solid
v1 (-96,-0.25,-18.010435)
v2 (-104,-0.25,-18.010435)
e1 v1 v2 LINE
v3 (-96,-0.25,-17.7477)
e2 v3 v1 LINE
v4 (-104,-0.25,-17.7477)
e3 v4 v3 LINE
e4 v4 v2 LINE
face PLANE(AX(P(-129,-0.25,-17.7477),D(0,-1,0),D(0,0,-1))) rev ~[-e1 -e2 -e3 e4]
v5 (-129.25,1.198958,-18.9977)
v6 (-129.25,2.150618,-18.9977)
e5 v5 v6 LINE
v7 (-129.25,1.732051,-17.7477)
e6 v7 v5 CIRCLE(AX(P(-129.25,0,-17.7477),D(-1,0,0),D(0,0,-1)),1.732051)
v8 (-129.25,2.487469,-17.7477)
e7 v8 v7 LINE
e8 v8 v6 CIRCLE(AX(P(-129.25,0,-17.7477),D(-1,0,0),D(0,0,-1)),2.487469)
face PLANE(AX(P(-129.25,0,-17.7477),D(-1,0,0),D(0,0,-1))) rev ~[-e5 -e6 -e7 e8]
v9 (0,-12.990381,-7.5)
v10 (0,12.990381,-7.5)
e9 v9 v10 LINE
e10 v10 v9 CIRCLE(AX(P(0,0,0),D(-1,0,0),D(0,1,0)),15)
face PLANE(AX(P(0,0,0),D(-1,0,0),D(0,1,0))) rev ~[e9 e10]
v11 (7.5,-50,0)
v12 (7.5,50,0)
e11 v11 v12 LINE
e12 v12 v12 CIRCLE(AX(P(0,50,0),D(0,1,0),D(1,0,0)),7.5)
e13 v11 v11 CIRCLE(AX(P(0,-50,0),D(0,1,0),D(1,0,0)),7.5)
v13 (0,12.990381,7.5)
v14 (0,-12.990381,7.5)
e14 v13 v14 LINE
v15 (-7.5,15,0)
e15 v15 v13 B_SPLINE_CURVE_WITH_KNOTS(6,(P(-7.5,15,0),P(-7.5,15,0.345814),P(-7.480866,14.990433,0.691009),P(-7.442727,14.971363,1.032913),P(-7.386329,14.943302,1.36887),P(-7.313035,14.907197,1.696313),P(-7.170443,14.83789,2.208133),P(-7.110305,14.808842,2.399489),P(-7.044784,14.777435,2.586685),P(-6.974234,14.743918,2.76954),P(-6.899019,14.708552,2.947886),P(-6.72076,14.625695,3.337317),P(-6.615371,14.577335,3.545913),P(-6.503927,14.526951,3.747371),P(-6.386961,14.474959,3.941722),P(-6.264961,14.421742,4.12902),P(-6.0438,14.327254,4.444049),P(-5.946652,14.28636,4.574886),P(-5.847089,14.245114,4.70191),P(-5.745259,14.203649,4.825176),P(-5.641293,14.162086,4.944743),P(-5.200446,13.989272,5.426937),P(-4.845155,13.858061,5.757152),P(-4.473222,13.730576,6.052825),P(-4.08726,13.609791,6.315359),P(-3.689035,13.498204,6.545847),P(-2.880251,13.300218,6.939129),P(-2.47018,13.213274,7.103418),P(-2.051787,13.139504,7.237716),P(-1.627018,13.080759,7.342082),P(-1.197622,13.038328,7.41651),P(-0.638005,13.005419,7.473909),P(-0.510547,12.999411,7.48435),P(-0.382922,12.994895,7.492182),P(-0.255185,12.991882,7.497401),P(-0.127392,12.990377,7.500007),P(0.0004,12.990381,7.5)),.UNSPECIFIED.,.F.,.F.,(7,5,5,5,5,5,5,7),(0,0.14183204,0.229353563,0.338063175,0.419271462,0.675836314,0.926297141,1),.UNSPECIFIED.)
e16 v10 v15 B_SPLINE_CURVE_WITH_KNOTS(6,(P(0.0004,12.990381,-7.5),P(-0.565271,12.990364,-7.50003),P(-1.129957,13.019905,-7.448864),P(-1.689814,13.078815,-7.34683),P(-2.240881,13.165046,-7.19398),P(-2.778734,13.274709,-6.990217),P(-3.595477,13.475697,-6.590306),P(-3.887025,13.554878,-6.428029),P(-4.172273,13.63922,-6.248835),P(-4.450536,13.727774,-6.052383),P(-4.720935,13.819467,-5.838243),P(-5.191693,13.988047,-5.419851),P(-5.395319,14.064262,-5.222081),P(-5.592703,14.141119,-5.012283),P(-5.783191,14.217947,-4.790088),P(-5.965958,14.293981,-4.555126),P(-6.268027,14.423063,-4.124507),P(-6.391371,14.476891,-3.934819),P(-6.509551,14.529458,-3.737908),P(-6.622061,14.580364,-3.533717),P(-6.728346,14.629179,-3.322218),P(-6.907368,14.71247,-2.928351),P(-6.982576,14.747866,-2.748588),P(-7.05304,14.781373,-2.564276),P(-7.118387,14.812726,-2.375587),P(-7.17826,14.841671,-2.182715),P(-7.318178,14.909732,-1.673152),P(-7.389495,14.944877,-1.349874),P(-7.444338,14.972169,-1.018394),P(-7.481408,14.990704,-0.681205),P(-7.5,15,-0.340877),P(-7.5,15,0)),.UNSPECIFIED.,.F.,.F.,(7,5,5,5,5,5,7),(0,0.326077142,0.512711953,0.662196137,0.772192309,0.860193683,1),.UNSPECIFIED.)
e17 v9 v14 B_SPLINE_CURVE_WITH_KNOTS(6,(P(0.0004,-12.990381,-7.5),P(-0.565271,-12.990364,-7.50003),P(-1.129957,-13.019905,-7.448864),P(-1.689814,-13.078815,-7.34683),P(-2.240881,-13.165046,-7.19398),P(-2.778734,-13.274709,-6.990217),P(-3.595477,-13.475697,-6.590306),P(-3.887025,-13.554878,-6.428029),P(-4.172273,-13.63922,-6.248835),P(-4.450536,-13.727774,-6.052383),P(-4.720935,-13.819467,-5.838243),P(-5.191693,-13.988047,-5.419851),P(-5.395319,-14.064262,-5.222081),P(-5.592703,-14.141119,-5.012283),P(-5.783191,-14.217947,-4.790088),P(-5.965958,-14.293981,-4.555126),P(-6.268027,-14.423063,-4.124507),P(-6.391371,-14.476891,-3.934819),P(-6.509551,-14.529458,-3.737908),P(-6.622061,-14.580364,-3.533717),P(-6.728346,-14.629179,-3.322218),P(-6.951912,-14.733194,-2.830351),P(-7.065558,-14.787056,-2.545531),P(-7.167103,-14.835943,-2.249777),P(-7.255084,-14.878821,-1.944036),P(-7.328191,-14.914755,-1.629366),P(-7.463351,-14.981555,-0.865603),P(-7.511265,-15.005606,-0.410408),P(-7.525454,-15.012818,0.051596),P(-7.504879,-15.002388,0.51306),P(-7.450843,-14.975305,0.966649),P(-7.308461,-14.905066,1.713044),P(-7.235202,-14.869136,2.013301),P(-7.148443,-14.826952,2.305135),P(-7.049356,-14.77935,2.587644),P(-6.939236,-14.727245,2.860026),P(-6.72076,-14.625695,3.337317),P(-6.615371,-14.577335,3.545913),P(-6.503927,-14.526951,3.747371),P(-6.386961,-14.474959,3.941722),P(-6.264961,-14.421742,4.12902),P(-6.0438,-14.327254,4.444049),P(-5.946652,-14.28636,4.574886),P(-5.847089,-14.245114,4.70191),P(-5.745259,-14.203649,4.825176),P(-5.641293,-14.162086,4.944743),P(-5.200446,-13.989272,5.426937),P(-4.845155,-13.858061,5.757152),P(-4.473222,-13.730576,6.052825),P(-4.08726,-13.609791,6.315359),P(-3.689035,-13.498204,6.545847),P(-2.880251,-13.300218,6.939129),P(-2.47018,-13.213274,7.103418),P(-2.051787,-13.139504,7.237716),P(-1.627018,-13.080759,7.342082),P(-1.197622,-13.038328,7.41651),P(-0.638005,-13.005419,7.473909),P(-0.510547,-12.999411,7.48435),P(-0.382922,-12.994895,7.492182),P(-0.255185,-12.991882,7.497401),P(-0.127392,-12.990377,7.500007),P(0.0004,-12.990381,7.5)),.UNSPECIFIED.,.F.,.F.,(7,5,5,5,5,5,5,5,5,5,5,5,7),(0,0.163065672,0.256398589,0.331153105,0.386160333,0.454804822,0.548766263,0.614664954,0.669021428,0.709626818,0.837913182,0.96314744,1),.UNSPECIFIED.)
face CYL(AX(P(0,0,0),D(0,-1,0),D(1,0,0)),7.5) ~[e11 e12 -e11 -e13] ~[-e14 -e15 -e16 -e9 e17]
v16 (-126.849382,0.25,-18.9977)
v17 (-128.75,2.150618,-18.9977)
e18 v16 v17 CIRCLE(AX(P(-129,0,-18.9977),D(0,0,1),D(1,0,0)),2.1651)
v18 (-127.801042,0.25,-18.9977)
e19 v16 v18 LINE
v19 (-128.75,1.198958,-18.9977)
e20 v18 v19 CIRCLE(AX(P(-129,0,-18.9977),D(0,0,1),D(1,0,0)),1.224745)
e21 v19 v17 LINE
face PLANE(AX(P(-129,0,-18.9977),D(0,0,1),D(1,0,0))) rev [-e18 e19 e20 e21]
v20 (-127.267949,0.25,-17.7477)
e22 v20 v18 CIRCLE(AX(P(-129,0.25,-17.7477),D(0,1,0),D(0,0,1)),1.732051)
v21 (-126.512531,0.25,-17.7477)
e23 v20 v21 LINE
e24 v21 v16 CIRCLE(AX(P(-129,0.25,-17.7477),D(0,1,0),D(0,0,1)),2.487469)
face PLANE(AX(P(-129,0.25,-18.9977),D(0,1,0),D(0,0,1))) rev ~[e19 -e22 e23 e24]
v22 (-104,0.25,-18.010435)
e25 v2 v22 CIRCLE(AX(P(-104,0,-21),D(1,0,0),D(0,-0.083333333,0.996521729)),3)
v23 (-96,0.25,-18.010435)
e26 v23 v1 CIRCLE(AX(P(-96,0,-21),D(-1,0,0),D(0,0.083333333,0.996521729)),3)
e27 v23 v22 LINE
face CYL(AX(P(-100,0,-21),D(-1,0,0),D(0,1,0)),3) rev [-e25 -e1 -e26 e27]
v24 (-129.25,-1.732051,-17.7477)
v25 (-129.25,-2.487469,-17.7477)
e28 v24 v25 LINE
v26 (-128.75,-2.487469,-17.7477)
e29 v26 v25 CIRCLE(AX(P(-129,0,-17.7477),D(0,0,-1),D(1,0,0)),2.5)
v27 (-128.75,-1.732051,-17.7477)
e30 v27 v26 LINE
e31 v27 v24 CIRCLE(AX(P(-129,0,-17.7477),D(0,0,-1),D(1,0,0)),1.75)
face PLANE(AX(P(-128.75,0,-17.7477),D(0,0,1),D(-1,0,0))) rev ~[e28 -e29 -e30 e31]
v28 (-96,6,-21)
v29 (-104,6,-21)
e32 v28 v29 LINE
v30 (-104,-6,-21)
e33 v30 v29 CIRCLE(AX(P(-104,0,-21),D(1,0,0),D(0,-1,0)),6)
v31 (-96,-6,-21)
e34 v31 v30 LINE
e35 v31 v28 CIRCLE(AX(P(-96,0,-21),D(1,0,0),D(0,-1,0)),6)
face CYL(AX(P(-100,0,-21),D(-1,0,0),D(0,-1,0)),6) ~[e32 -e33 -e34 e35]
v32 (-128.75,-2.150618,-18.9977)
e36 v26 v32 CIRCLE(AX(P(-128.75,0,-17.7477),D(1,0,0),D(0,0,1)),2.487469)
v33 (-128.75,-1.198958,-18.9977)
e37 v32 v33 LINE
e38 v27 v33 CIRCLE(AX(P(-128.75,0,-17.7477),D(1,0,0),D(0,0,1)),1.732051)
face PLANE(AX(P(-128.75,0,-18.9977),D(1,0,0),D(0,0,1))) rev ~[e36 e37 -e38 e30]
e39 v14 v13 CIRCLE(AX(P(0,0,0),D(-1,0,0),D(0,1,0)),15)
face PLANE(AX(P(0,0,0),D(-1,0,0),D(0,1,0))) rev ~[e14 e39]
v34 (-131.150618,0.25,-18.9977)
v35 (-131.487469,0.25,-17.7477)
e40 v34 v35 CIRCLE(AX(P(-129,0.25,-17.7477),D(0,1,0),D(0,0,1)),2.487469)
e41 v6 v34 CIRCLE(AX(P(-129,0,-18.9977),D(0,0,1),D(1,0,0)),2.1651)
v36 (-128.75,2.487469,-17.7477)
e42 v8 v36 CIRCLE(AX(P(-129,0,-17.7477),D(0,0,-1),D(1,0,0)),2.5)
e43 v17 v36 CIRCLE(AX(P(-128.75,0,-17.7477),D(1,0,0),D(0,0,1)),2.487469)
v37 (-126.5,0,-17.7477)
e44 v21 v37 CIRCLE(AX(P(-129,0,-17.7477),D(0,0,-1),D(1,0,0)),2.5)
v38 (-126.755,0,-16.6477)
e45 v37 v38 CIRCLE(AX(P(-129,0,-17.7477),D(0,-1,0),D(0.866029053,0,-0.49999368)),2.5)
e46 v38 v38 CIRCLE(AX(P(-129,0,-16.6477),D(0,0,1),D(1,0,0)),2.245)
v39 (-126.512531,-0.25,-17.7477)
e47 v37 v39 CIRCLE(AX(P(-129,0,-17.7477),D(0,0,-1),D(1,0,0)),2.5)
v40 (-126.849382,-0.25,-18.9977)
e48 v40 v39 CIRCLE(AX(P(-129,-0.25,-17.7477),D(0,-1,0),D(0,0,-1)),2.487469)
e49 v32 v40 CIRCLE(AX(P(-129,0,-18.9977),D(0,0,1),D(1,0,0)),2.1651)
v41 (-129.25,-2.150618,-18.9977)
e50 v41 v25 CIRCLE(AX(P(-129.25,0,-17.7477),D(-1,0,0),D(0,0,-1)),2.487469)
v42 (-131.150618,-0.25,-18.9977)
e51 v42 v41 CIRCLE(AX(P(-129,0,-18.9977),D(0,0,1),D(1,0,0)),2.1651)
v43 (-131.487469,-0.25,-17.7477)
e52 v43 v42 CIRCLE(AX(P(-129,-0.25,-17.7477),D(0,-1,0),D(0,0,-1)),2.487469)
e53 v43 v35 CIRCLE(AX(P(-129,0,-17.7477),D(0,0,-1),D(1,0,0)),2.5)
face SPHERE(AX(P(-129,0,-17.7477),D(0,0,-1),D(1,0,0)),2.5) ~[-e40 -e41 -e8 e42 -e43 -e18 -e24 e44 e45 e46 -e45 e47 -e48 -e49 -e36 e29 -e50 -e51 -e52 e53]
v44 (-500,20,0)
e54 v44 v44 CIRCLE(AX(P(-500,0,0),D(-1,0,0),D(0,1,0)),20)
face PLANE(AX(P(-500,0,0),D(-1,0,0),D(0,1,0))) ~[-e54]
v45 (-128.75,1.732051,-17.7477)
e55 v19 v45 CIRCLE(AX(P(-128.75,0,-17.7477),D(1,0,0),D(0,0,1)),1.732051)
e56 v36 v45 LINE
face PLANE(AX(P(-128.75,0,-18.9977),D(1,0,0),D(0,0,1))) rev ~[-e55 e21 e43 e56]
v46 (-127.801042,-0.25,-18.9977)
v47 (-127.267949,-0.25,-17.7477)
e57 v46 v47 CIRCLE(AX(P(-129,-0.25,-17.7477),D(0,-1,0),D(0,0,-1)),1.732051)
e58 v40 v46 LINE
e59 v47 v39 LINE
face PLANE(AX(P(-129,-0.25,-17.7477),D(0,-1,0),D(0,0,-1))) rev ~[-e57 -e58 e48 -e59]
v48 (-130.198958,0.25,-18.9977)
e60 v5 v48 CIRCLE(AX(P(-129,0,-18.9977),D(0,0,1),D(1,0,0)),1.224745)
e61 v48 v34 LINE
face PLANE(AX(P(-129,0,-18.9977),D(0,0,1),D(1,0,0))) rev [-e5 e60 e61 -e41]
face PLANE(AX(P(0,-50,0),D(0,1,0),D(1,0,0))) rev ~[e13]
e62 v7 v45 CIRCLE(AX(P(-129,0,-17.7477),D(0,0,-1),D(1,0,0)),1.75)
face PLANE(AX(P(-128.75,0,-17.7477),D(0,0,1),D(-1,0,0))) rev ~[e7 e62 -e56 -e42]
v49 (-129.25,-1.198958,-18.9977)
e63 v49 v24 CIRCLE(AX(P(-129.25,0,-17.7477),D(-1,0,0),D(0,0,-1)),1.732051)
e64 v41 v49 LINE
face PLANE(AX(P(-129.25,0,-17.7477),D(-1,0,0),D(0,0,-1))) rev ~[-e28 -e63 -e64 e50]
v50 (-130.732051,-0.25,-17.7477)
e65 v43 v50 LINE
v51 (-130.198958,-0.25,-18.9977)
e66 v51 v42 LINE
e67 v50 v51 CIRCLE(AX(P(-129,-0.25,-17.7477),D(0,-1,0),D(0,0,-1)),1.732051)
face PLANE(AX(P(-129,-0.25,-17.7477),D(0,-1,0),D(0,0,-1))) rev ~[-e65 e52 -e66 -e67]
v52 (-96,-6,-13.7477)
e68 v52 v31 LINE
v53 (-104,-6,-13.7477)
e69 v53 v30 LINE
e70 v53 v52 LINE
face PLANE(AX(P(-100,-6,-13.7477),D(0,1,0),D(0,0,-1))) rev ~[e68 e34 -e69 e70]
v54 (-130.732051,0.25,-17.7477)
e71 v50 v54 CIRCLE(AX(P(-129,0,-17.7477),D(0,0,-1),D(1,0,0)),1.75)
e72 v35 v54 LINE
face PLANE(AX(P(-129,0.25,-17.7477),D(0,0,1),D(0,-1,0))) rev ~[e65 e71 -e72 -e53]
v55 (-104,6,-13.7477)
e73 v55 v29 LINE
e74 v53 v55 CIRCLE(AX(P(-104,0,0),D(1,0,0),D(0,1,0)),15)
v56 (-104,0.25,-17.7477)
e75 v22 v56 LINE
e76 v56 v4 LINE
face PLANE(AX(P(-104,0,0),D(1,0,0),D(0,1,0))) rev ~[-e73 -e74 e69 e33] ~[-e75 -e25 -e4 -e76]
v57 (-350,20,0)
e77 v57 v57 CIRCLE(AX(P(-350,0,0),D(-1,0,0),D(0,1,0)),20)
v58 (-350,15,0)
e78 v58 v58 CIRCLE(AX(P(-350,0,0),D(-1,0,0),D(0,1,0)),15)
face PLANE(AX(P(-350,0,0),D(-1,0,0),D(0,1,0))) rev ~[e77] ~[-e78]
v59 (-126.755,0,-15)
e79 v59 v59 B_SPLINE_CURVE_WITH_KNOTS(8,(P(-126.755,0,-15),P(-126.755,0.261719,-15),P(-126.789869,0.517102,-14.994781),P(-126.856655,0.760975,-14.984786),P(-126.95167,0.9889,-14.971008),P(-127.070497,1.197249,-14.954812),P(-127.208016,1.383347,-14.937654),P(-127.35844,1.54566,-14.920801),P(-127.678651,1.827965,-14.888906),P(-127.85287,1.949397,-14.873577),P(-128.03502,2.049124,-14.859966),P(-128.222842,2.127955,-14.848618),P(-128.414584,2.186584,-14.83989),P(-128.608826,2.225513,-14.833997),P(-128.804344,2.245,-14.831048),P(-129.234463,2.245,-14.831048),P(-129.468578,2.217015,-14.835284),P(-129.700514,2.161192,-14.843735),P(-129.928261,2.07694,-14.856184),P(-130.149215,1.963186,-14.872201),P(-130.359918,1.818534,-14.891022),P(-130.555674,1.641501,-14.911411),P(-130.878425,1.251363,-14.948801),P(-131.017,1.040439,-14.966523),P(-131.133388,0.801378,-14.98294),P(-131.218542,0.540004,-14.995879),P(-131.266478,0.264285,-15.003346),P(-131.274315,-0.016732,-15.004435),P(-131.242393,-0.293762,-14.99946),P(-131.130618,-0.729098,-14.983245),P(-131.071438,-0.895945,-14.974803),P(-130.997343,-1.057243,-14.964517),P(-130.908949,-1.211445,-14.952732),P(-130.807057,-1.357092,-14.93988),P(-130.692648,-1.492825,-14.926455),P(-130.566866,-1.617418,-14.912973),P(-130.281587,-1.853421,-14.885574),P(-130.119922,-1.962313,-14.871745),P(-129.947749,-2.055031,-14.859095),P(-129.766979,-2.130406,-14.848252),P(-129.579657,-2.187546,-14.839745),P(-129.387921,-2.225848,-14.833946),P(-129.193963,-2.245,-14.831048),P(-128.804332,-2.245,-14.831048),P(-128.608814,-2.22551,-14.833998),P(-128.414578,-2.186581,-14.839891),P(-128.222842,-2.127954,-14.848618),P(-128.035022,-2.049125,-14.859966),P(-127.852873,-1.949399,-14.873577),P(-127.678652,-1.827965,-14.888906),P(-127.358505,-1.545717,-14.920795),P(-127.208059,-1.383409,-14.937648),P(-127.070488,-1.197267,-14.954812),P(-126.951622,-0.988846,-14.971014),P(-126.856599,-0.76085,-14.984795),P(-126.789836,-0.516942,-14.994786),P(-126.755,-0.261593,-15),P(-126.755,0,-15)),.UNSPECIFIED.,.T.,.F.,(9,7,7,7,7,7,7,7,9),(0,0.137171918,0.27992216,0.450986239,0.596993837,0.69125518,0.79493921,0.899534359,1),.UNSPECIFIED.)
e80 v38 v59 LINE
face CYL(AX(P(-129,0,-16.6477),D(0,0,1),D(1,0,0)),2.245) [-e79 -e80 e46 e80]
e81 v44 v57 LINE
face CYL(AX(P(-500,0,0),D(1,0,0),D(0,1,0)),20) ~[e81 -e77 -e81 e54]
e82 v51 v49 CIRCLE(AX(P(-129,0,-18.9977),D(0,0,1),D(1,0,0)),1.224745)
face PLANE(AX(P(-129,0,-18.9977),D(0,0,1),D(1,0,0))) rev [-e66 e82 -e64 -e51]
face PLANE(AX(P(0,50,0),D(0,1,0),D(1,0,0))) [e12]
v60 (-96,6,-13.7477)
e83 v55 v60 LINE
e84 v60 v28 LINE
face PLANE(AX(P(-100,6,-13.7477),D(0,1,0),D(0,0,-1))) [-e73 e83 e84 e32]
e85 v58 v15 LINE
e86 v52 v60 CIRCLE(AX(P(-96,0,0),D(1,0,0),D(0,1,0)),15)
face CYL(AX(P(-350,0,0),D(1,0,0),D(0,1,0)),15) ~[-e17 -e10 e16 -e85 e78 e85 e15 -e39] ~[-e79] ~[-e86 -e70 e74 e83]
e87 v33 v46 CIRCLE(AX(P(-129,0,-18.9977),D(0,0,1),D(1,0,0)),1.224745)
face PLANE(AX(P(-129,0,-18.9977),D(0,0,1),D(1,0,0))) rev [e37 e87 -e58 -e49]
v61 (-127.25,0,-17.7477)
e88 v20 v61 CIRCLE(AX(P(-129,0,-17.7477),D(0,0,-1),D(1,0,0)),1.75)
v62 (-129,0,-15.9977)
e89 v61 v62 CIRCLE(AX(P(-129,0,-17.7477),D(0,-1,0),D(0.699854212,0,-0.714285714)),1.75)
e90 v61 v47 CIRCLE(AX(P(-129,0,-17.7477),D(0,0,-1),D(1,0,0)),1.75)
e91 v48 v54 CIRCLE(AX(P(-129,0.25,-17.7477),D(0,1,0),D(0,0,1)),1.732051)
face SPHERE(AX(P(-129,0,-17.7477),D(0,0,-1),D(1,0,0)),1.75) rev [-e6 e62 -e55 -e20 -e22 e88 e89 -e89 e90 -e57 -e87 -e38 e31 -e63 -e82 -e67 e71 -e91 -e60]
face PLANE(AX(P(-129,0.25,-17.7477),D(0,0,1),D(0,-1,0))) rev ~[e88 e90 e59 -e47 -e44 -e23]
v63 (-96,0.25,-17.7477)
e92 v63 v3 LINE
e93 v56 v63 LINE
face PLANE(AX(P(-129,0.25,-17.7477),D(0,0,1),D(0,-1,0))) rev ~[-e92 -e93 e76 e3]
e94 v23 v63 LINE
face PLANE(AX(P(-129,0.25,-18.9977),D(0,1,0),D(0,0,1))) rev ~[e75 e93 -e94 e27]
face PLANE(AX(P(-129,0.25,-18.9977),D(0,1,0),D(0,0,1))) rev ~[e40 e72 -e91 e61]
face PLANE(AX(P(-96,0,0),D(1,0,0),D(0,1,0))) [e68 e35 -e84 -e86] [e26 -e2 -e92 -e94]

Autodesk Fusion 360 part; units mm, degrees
sketch "Szkic1" plane through (0, 0, 0) normal (0, 0, 1) x (1, 0, 0)
  line L0 (0, 0) -> (-85, 0)
  line L1 (-500, 0) -> (-500, 20)
  line L2 (-500, 20) -> (-350, 20)
  line L3 (-350, 20) -> (-350, 15)
  line L4 (-350, 15) -> (0, 15)
  line L5 (0, 15) -> (0, 0)
  line L6 (0, 0) -> (-500, 0)
  dimension "d1" = 150
  dimension "d2" = 20
  dimension "d3" = 15
  dimension "d4" = 500
revolve "Obrót1" add sketch "Szkic1" angle 360 about axis through (0, 0, 0) along (-1, 0, 0)
ref_plane "Płaszczyzna konstrukcyjna1" through (-100, 0, 0) normal (1, 0, 0) x (0, 1, 0)
sketch "Szkic3" plane through (-100, 0, 0) normal (1, 0, 0) x (0, 1, 0)
  line L0 (6, -13.7477) -> (-6, -13.7477)
  line L1 (-6, -13.7477) -> (-6, -21)
  line L2 (6, -13.7477) -> (6, -21)
  arc A0 (-6, -21) -> (6, -21) centre (0, -21) ccw
  circle A1 centre (0, -21) radius 3
  line L3 (0, 0) -> (0, -45) construction
  circle A2 centre (0, -21) radius 6 construction
  circle A3 centre (0, 0) radius 15
  dimension "d8" = 6
  dimension "d9" = 6
extrude "Wyciągnięcie proste1" add sketch "Szkic3" along normal mid plane 8 contours L1 L2 A0 A3
sketch "Szkic4" plane through (0, 0, 0) normal (0, 1, 0) x (1, 0, 0)
  circle A0 centre (0, 0) radius 7.5
  dimension "d12" = 15
extrude "Wyciągnięcie proste2" add sketch "Szkic4" along normal mid plane 100
sketch "Szkic5" plane through (0, 0, 0) normal (0, 1, 0) x (1, 0, 0)
  circle A0 centre (-129, 17.7477) radius 2.5
  line L0 (-122.0795, 13.7477) -> (-137.0795, 13.7477) construction
  line L1 (-104, 13.7477) -> (-96, 13.7477)
  line L2 (-131.245, 16.6477) -> (-131.245, 13.7477)
  line L3 (-126.755, 16.6477) -> (-126.755, 13.7477)
  line L4 (-129, 20.2477) -> (-129, 12.8729)
  line L5 (-126.755, 13.7477) -> (-129, 13.7477)
  line L6 (-131.1651, 18.9977) -> (-126.8349, 18.9977)
  line L7 (-129.25, 18.9977) -> (-128.75, 18.9977)
  line L8 (-128.75, 18.9977) -> (-128.75, 17.7477)
  line L9 (-128.75, 17.7477) -> (-129.25, 17.7477)
  line L10 (-129.25, 17.7477) -> (-129.25, 18.9977)
  circle A1 centre (-129, 17.7477) radius 1.75
  dimension "d16" = 5
  dimension "d17" = 4
  dimension "d19" = 25
  dimension "d20" = 1.1
  dimension "d23" = 0.5
  dimension "d25" = 3.5
  dimension "d26" = 1.25
revolve "Obrót2" add sketch "Szkic5" angle 360 about axis through (-129, 0, -20.2477) along (0, 0, 1) contours A0 L4 L6 A1 | A0 L3 L4 L5 picked at (-127.0708, 16.5986)
extrude "Wyciągnięcie proste3" cut sketch "Szkic5" along normal through all and the other way through all contours L4 L6 L7 L8 L9 | L4 L6 L7 L9 L10
pattern_circular "Szyk kołowy1" count 2 over 90 about axis through (-129, 0, -20.2477) along (0, 0, 1) of "Wyciągnięcie proste3"
equation "pull_l = 100 mm"
